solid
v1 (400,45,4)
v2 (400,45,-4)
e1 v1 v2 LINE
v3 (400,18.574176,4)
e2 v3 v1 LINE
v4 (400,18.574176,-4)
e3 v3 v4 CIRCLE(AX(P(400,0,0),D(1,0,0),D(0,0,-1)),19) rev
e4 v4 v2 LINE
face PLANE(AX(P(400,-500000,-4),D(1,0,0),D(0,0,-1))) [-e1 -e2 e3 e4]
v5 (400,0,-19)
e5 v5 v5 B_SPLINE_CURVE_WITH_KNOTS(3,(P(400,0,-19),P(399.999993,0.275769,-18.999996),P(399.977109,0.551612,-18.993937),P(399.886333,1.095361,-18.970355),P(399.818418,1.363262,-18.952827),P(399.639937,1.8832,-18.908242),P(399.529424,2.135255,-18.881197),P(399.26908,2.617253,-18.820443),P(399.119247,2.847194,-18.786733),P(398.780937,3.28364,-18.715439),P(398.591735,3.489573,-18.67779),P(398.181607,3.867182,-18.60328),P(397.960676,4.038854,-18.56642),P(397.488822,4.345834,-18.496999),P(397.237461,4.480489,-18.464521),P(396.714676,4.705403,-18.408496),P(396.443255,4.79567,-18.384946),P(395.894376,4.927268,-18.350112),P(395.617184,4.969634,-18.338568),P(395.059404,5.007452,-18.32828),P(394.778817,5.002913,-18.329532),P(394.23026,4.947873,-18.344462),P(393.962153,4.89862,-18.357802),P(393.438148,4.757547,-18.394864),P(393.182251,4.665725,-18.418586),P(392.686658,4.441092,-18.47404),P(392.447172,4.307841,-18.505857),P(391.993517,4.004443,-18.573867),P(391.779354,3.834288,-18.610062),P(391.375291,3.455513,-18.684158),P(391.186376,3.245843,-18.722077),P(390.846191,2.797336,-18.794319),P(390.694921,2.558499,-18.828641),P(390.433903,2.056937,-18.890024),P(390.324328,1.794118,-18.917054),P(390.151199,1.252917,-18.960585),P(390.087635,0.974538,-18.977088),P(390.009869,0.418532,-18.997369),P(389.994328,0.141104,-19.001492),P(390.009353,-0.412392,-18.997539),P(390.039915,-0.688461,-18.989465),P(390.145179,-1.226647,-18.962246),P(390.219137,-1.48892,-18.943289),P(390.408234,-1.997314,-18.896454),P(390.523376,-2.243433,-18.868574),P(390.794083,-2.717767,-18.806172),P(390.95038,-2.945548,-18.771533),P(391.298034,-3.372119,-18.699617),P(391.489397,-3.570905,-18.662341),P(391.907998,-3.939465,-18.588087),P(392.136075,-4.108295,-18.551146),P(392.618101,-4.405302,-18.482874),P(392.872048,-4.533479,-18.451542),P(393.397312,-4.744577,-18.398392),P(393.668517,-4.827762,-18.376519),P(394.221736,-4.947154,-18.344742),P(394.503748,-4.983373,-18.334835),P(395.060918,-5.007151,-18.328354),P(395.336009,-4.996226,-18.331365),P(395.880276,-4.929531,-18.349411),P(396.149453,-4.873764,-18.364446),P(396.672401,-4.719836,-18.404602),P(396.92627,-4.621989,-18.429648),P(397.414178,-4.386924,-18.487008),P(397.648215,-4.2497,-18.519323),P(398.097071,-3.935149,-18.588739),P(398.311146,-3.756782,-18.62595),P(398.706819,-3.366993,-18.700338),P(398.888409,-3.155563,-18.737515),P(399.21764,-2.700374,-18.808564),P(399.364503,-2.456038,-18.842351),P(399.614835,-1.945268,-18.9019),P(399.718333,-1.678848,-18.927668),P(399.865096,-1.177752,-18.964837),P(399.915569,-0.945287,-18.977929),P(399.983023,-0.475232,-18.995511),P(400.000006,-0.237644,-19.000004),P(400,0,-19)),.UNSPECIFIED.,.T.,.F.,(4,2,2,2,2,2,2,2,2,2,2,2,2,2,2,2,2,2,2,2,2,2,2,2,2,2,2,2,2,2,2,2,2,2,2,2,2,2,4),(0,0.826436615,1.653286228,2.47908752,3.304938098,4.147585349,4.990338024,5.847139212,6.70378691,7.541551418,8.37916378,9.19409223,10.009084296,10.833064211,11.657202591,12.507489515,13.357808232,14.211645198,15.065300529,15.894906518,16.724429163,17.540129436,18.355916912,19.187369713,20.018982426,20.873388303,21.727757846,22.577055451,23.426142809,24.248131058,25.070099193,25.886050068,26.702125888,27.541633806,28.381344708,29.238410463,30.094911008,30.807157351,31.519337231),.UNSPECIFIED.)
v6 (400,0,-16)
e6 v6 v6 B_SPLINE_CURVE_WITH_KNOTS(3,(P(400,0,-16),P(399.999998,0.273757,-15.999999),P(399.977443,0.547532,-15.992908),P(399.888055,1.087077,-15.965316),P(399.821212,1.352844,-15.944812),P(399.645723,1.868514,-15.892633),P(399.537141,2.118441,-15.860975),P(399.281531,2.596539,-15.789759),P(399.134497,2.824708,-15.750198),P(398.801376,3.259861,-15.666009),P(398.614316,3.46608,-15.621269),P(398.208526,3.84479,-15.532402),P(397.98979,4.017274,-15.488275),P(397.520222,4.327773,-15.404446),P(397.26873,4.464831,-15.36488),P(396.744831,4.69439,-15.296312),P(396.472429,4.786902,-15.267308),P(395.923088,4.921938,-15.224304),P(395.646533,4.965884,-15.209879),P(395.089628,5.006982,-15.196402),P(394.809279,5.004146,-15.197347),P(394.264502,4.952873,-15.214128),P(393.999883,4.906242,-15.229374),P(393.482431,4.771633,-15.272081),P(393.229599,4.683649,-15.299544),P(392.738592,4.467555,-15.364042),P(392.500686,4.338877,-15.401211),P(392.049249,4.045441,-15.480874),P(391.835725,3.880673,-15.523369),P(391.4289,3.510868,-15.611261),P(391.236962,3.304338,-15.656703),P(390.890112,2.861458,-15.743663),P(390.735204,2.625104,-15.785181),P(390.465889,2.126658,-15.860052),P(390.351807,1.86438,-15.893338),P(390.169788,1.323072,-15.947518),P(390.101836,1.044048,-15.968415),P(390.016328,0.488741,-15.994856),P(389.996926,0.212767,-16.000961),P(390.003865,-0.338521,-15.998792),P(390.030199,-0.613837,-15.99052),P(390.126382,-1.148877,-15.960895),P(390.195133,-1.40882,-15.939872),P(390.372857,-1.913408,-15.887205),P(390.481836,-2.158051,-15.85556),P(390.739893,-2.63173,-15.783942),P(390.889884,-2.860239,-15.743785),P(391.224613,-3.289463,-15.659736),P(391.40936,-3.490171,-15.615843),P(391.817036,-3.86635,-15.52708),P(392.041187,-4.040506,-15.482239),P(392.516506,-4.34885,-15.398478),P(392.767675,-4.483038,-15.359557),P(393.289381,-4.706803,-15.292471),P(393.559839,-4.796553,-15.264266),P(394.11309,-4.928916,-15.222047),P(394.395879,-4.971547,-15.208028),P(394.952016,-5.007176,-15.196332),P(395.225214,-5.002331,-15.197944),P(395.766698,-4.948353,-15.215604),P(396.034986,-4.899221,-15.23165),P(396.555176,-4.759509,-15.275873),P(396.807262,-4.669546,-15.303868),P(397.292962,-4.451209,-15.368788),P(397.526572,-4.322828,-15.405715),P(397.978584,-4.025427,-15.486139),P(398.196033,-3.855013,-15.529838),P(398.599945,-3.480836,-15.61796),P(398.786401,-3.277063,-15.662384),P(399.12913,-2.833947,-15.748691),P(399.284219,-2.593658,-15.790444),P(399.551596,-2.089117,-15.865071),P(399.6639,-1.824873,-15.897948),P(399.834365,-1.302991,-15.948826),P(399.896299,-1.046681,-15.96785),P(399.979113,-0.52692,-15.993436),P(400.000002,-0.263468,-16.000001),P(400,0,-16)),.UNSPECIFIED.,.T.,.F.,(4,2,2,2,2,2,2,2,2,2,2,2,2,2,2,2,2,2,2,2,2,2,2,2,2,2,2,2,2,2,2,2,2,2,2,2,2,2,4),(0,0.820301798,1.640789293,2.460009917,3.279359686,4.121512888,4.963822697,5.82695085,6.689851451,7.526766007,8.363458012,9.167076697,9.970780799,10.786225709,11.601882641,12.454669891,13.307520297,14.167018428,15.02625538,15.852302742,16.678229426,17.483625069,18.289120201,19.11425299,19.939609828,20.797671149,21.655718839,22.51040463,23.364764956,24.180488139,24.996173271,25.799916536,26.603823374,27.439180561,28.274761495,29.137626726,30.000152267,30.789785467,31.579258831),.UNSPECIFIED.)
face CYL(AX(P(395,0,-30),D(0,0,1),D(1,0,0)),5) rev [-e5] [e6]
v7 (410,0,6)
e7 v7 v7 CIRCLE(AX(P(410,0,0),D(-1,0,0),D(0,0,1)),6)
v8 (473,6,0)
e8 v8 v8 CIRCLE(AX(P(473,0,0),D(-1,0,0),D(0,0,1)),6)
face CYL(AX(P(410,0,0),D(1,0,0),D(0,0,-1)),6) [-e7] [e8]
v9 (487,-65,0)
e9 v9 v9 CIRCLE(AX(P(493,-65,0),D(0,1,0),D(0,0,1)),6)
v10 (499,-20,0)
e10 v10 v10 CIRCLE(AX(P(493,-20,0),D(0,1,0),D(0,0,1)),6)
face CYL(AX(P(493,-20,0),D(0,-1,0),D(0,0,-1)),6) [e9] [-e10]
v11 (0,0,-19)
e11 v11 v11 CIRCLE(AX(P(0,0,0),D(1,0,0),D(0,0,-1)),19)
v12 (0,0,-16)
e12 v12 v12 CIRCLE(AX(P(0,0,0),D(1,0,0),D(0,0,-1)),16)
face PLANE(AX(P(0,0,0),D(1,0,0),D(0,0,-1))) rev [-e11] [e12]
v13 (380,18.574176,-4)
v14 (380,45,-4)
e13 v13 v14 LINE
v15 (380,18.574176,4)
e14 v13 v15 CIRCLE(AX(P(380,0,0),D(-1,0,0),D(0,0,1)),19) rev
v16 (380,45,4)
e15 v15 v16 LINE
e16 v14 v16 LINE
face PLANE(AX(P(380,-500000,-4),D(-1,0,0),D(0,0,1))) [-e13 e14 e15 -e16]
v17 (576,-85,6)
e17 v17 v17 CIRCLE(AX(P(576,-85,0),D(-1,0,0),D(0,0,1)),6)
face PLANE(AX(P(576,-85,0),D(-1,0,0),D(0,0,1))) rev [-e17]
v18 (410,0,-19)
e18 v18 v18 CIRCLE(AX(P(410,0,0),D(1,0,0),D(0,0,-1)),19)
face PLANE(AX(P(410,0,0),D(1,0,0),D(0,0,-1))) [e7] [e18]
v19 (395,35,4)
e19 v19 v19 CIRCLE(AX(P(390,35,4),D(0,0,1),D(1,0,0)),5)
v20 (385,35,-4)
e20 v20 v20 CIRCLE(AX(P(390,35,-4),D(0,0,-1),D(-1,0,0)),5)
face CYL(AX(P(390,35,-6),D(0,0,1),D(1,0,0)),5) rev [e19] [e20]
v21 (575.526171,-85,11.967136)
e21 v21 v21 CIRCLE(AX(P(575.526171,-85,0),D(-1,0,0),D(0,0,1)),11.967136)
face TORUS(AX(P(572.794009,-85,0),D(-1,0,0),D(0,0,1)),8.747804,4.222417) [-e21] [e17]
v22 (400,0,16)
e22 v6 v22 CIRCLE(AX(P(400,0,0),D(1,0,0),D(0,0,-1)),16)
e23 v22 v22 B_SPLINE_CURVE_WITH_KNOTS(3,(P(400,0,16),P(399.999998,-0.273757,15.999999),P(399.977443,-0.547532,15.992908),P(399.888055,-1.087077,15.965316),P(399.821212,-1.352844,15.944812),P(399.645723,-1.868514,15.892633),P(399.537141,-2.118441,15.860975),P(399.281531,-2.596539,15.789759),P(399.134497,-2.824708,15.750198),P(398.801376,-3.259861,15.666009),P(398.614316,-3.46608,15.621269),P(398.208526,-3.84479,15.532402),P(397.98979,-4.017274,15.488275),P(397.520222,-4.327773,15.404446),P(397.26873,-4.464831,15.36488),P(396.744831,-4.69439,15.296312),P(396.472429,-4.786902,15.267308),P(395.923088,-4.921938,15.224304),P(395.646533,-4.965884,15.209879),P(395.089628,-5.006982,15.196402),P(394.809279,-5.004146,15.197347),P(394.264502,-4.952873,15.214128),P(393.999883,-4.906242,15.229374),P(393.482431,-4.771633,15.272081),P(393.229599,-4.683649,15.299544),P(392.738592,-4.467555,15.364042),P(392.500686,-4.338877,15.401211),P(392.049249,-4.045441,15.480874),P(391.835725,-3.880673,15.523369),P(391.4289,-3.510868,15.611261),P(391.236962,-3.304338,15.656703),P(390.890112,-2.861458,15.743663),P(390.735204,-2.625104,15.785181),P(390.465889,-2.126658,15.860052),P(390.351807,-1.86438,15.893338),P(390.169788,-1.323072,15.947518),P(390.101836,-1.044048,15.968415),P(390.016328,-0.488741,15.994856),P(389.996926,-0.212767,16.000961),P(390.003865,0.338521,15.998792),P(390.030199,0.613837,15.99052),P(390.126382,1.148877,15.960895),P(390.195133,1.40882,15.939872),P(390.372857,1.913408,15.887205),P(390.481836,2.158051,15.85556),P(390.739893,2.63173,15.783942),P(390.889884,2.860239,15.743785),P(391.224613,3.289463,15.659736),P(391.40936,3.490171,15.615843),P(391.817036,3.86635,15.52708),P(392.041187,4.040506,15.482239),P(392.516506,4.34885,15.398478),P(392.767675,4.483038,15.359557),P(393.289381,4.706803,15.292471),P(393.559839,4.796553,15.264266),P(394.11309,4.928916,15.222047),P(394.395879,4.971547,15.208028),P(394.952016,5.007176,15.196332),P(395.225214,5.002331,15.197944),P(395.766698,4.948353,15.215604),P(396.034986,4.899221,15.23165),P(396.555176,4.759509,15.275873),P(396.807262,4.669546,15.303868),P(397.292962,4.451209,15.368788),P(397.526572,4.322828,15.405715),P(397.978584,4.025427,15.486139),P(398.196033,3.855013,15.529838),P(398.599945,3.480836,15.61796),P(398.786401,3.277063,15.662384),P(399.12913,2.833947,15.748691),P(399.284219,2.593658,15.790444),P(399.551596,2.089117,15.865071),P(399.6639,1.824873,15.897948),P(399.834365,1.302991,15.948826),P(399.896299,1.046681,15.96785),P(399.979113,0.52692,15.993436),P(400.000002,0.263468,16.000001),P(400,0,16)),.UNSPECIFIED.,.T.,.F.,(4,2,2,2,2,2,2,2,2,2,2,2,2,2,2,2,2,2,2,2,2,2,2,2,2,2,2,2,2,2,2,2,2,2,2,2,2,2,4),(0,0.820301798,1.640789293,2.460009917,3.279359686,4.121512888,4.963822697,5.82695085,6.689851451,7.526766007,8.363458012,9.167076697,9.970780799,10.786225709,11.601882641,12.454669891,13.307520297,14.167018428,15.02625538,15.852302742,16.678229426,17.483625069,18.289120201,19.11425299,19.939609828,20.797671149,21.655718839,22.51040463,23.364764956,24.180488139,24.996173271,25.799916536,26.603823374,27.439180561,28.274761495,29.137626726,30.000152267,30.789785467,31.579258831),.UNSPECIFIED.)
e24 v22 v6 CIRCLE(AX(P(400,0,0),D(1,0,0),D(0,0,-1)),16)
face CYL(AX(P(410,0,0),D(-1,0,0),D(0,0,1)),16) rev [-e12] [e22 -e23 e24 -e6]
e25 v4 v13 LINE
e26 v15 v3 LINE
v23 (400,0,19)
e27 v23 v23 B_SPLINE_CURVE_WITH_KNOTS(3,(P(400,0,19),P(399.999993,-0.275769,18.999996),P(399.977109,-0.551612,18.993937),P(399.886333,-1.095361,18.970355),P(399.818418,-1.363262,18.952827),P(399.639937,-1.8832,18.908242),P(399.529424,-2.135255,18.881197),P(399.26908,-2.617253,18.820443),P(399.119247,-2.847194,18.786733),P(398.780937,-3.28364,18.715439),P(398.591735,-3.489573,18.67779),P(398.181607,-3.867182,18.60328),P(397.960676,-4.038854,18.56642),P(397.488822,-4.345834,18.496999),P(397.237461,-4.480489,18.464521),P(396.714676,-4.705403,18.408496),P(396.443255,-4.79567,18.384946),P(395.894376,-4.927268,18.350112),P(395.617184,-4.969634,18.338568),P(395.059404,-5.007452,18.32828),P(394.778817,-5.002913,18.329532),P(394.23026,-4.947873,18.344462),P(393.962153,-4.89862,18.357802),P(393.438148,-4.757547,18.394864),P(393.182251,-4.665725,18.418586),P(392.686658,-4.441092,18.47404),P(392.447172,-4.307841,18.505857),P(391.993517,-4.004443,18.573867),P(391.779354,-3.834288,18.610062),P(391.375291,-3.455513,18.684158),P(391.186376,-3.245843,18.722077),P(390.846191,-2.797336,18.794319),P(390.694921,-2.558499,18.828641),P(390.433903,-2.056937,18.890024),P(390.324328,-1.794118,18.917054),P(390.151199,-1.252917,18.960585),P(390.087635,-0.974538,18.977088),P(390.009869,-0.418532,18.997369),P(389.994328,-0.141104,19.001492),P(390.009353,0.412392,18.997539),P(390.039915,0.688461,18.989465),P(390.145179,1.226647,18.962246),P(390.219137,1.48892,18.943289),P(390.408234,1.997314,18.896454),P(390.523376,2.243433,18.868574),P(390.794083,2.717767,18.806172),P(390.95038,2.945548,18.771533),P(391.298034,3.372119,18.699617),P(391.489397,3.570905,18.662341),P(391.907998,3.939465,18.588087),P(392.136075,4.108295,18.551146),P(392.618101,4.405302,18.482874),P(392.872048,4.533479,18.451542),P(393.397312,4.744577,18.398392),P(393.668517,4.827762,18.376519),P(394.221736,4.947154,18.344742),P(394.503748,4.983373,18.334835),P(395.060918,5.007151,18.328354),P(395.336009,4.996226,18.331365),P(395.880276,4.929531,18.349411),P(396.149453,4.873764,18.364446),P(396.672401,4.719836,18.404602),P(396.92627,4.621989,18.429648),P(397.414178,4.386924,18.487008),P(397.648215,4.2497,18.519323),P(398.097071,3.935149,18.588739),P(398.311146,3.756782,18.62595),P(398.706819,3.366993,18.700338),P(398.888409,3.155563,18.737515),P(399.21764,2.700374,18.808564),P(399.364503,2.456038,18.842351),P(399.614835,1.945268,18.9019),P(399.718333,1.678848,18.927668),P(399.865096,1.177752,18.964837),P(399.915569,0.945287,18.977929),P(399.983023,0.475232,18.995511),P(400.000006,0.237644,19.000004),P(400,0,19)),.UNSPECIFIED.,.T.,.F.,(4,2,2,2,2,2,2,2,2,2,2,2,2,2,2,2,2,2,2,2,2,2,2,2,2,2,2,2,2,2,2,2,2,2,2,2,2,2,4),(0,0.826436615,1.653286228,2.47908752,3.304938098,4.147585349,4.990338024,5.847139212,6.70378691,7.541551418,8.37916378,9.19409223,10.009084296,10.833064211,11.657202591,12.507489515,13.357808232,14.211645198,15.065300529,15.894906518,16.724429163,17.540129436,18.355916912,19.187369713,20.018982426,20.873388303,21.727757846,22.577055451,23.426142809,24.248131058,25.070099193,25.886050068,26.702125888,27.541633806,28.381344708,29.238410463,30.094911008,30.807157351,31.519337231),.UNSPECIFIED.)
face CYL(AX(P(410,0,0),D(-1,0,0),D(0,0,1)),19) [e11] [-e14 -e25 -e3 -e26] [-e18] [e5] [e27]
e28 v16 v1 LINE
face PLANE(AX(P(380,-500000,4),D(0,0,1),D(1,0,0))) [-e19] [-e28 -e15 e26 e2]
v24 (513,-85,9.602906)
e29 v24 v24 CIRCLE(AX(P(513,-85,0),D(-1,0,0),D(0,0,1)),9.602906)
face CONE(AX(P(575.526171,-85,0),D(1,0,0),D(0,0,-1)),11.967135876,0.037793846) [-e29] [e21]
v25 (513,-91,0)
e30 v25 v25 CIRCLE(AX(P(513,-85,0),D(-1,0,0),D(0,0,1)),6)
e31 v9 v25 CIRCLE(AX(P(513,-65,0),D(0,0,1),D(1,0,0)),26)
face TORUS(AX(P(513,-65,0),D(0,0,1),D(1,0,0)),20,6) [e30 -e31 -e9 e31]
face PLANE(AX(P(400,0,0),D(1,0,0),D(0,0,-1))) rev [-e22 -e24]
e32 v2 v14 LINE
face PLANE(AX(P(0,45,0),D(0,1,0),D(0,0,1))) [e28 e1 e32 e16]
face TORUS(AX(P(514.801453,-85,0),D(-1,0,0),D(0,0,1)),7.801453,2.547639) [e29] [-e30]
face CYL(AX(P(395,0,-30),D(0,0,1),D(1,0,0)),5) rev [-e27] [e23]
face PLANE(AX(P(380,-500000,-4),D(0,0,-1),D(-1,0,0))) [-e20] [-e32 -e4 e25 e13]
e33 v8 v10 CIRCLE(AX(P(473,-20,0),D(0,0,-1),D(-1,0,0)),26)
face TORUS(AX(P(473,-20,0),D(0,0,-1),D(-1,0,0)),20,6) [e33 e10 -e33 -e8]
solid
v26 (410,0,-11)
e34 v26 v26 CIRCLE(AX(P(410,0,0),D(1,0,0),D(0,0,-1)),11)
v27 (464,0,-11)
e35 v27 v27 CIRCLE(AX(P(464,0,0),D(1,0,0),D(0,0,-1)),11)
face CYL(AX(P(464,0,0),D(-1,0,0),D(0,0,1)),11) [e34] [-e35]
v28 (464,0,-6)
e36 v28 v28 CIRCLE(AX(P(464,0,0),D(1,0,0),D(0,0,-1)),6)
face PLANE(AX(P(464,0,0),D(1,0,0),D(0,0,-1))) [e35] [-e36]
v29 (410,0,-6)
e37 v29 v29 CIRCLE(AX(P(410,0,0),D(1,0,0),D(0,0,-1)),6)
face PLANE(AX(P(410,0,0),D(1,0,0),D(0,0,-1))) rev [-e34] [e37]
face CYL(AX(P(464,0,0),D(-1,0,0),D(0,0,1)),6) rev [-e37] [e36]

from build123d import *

# Parameters (mm, degrees)
SKETCH1_R                = 19
SKETCH1_R_2              = 16
BOSS_EXTRUDE1_DEPTH      = 410
SKETCH2_R                = 5
CUT_EXTRUDE1_DEPTH       = 30
BOSS_EXTRUDE2_REACH      = 417.4
BOSS_EXTRUDE2_END_RADIUS = 19
SKETCH3_W                = 20
SKETCH3_H                = 8
SKETCH4_R                = 5
CUT_EXTRUDE2_DEPTH       = 10
SWEEP1_PROFILE_R         = 6
BOSS_EXTRUDE3_START      = -10
SKETCH18_R               = 16
BOSS_EXTRUDE3_DEPTH      = 10
SKETCH19_R               = 11
SKETCH19_R_2             = 6
EXTRUDE_THIN1_DEPTH      = 54


with BuildPart() as part:
    # Sketch1 → Boss-Extrude1 (new body)
    with BuildSketch(Plane(origin=(0, 0, 0), x_dir=(0, 0, -1), z_dir=(1, 0, 0))):
        with Locations(Location((0, 0, 0), (0, 0, 180))):
            Circle(SKETCH1_R)
        with Locations(Location((0, 0, 0), (0, 0, 180))):
            Circle(SKETCH1_R_2, mode=Mode.SUBTRACT)
    extrude(amount=BOSS_EXTRUDE1_DEPTH)

    # Sketch2 → Cut-Extrude1 (cut, symmetric)
    with BuildSketch(Plane.XY):
        with Locations((395, 0)):
            Circle(SKETCH2_R)
    extrude(amount=CUT_EXTRUDE1_DEPTH, both=True, mode=Mode.SUBTRACT)

    # Boss-Extrude2: up to this cylinder (the profile starts outside it)
    boss_extrude2_end = Plane(origin=(390, 0, 0), z_dir=(-1, 0, 0)) * Cylinder(BOSS_EXTRUDE2_END_RADIUS, 873.8, mode=Mode.PRIVATE)
    # Sketch3 → Boss-Extrude2 (add, up to the surface)
    with BuildSketch(Plane(origin=(0, 45, 0), x_dir=(1, 0, 0), z_dir=(0, 1, 0)), mode=Mode.PRIVATE) as boss_extrude2_sk1:
        with Locations((390, 0)):
            Rectangle(SKETCH3_W, SKETCH3_H)
    boss_extrude2_tool1 = extrude(boss_extrude2_sk1.sketch, amount=-BOSS_EXTRUDE2_REACH, mode=Mode.PRIVATE) - boss_extrude2_end
    add(boss_extrude2_tool1.solids().sort_by_distance((390, 45, 0))[0])

    # Sketch4 → Cut-Extrude2 (cut)
    with BuildSketch(Plane.XY.offset(4)):
        with Locations((390, 35)):
            Circle(SKETCH4_R)
    extrude(amount=-CUT_EXTRUDE2_DEPTH, mode=Mode.SUBTRACT)



with BuildPart() as body_2:
    # Sweep1: sweep along a path in Sketch5
    with BuildLine(Plane.XY) as sweep1_path:
        Line((410, 0), (473, 0))
        ThreePointArc((473, 0), (487.142135624, -5.857864376), (493, -20))
        Line((493, -20), (493, -65))
        ThreePointArc((493, -65), (498.857864376, -79.142135624), (513, -85))
        Line((513, -85), (576, -85))
    # Sweep1 profile (on start of the path) → Sweep1 (sweep)
    with BuildSketch(Plane(origin=(410, 0, 0), x_dir=(0, 0, 1), z_dir=(1, 0, 0))):
        Circle(SWEEP1_PROFILE_R)
    sweep(path=sweep1_path.line)


with BuildPart() as part_1:
    add(part.part)

    add(body_2.part)  # Boss-Extrude3 merges body 2
    # Sketch18 → Boss-Extrude3 (add)
    with BuildSketch(Plane(origin=(410, 0, 0), x_dir=(0, 0, -1), z_dir=(1, 0, 0)).offset(BOSS_EXTRUDE3_START)):
        Circle(SKETCH18_R)
    extrude(amount=BOSS_EXTRUDE3_DEPTH)

    # Sketch20 → Revolve1 (revolve)
    with BuildSketch(Plane.XY, mode=Mode.PRIVATE) as revolve1_sk:
        with BuildLine():
            Line((513, -75.397094393), (575.526171182, -73.032864124))
            ThreePointArc((575.526171182, -73.032864124), (577.003176639, -75.917960888), (576, -79))
            Line((576, -79), (513, -79))
            ThreePointArc((513, -79), (512.253813817, -77.198547197), (513, -75.397094393))
        make_face()
    revolve(revolve1_sk.sketch.rotate(Axis((513, -85, 0), (1, 0, 0)), 90), axis=Axis((513, -85, 0), (1, 0, 0)))


with BuildPart() as body_2_2:
    # Sketch19 → Extrude-Thin1 (new body)
    with BuildSketch(Plane(origin=(410, 0, 0), x_dir=(0, 0, -1), z_dir=(1, 0, 0))):
        Circle(SKETCH19_R)
        Circle(SKETCH19_R_2, mode=Mode.SUBTRACT)
    extrude(amount=EXTRUDE_THIN1_DEPTH)


solid = Compound([part_1.part, body_2_2.part])
